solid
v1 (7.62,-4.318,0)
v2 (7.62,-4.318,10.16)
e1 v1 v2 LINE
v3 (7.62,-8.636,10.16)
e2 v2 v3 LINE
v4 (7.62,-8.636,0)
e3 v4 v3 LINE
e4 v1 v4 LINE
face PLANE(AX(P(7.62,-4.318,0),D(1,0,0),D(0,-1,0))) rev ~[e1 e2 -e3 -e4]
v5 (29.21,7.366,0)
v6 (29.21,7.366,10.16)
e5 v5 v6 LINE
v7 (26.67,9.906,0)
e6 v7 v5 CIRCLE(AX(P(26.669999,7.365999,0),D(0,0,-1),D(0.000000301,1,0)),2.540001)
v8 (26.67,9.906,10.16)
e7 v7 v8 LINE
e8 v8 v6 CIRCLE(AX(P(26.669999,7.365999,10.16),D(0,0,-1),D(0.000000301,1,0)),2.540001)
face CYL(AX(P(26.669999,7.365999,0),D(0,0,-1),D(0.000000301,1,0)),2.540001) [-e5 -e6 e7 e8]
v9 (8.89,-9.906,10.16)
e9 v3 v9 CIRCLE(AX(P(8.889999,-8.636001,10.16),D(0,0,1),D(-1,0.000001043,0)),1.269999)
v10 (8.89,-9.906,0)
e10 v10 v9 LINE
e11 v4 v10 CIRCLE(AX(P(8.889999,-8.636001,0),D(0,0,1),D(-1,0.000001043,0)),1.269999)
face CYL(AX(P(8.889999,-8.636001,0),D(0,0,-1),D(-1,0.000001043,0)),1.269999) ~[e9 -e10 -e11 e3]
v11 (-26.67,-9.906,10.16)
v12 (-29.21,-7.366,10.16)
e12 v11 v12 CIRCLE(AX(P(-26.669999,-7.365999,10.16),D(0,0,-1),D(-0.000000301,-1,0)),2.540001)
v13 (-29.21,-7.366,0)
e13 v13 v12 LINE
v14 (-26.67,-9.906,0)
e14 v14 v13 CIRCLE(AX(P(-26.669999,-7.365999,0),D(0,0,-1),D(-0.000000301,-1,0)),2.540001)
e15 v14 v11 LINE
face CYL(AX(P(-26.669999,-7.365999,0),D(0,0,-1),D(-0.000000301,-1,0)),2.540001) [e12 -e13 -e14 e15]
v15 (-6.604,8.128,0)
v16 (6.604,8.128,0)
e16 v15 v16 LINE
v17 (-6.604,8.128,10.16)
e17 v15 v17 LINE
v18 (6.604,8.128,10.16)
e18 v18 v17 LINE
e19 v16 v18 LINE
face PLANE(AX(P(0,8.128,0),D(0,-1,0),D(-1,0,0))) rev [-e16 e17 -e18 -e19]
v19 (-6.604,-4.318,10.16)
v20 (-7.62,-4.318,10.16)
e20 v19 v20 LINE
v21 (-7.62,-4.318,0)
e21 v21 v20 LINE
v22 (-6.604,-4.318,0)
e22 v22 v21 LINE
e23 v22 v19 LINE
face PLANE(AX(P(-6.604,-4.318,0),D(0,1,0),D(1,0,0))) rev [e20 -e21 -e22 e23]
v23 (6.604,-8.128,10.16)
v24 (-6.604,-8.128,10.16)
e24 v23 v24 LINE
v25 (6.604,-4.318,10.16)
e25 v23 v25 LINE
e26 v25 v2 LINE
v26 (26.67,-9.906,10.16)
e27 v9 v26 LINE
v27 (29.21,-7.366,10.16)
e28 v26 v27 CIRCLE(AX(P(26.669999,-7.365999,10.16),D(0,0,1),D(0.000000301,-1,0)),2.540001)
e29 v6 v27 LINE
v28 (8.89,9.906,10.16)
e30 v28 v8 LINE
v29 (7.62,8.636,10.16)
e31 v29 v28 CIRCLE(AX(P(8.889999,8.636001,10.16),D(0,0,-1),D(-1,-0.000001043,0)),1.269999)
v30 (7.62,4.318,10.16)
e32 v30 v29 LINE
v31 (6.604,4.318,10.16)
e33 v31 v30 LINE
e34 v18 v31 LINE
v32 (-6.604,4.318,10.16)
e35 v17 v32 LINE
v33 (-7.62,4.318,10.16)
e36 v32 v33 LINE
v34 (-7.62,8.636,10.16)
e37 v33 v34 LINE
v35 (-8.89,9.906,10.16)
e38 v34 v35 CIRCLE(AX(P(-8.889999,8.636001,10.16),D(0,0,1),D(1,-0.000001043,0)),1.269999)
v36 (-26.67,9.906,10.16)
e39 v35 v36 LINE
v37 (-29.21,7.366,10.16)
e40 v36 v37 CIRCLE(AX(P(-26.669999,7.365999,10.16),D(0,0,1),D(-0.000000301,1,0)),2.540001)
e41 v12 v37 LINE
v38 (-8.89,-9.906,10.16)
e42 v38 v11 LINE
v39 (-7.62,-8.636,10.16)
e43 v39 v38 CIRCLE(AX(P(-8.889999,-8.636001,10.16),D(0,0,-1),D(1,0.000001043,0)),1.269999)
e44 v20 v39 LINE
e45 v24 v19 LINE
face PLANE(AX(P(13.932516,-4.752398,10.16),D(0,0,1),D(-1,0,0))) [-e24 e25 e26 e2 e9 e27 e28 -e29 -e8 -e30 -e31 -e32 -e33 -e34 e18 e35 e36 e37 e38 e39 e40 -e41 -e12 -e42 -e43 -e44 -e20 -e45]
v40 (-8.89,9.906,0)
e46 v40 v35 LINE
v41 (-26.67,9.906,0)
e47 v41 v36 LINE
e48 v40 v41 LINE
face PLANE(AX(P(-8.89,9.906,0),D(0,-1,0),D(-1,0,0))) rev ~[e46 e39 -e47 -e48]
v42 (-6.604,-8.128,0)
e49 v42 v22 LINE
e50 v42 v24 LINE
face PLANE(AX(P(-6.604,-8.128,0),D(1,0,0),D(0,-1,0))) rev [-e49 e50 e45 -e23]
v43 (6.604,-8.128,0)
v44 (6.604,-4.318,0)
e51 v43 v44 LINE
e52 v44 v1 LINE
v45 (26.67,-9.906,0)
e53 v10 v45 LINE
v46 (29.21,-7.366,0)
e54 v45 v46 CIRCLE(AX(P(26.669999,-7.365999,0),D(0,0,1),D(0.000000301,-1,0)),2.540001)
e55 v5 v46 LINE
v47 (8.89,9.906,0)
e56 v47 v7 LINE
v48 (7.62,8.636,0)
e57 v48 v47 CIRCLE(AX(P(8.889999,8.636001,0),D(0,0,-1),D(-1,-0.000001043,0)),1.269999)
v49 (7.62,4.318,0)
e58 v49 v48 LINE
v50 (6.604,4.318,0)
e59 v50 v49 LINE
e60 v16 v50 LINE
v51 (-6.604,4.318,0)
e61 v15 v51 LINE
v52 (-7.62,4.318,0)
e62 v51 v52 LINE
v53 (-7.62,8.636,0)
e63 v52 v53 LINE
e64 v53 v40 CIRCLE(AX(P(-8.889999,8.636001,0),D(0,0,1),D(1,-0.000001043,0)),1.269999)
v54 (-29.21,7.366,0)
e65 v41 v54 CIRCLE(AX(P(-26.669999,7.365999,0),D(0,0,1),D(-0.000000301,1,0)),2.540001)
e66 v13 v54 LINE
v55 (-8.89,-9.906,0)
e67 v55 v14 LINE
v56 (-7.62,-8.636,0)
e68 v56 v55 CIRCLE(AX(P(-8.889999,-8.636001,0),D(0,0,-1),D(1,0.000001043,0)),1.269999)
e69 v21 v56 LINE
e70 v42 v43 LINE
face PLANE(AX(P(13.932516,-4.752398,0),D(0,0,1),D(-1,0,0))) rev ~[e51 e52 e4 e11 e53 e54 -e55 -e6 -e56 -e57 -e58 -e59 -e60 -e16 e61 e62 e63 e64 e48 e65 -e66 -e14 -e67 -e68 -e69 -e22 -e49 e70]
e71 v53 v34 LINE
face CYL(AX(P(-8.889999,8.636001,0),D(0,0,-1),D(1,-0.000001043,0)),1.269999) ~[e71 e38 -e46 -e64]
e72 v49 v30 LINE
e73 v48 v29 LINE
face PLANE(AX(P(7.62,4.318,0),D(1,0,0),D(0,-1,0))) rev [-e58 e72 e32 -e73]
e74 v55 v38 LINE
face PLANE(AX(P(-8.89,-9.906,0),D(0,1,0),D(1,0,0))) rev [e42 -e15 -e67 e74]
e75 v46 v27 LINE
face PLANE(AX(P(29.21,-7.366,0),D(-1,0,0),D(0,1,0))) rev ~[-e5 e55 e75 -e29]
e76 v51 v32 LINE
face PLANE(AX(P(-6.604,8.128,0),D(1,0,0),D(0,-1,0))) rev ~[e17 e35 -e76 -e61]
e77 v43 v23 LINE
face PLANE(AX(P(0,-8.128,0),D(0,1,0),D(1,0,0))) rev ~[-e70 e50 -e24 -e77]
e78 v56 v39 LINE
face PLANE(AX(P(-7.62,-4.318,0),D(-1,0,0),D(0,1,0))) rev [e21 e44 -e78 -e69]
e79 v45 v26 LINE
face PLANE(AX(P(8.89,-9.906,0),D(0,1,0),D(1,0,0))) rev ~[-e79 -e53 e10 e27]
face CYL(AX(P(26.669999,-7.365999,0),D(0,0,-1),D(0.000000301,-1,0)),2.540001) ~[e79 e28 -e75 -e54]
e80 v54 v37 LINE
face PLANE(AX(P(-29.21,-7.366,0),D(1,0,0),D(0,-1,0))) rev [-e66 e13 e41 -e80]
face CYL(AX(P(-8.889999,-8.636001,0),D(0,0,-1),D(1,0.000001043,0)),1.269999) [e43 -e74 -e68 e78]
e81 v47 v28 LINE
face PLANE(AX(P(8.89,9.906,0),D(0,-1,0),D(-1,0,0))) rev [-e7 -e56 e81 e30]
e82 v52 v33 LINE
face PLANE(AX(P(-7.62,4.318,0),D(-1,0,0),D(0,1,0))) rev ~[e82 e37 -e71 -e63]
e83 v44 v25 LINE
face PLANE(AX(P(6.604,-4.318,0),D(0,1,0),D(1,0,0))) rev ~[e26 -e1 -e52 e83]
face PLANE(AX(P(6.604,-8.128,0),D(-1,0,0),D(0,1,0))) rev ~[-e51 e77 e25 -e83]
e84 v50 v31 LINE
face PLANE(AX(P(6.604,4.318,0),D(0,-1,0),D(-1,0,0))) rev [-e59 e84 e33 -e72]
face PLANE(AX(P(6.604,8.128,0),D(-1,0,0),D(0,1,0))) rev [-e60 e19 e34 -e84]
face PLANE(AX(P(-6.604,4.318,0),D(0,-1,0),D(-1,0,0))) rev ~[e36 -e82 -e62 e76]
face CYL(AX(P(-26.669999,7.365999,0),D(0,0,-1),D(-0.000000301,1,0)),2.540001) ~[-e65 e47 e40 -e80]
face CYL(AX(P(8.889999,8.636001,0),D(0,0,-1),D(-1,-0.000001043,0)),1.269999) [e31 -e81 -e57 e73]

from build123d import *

# Parameters (mm, degrees)
F1_DEPTH = 10.16


with BuildPart() as f1:
    # F0 (on Top) → F1 (new body)
    with BuildSketch(Plane.XY):
        with BuildLine():
            Line((-29.21, 0), (0, 0))
            Line((0, 0), (0, 8.128))
            Line((0, 8.128), (-6.604, 8.128))
            Line((-6.604, 8.128), (-6.604, 4.318))
            Line((-6.604, 4.318), (-7.62, 4.318))
            Line((-7.62, 4.318), (-7.62, 5.334))
            Line((-7.62, 5.334), (-7.62, 8.636))
            ThreePointArc((-7.62, 8.636), (-7.991974, 9.534026), (-8.89, 9.906))
            Line((-8.89, 9.906), (-26.67, 9.906))
            ThreePointArc((-26.67, 9.906), (-28.466051, 9.162051), (-29.21, 7.366))
            Line((-29.21, 7.366), (-29.21, 0))
        make_face()
    extrude(amount=F1_DEPTH)

    # F2: F1 across face


with BuildPart() as f1_1:
    add(f1.part)
    add(f1.part.mirror(Plane(origin=(0, 4.064, 5.08), x_dir=(0, 1, 0), z_dir=(1, 0, 0))))

    # F3: F1 across face


with BuildPart() as f1_2:
    add(f1_1.part)
    add(f1_1.part.mirror(Plane(origin=(0, 0, 5.08), x_dir=(1, 0, 0), z_dir=(0, -1, 0))))


solid = f1_2.part
